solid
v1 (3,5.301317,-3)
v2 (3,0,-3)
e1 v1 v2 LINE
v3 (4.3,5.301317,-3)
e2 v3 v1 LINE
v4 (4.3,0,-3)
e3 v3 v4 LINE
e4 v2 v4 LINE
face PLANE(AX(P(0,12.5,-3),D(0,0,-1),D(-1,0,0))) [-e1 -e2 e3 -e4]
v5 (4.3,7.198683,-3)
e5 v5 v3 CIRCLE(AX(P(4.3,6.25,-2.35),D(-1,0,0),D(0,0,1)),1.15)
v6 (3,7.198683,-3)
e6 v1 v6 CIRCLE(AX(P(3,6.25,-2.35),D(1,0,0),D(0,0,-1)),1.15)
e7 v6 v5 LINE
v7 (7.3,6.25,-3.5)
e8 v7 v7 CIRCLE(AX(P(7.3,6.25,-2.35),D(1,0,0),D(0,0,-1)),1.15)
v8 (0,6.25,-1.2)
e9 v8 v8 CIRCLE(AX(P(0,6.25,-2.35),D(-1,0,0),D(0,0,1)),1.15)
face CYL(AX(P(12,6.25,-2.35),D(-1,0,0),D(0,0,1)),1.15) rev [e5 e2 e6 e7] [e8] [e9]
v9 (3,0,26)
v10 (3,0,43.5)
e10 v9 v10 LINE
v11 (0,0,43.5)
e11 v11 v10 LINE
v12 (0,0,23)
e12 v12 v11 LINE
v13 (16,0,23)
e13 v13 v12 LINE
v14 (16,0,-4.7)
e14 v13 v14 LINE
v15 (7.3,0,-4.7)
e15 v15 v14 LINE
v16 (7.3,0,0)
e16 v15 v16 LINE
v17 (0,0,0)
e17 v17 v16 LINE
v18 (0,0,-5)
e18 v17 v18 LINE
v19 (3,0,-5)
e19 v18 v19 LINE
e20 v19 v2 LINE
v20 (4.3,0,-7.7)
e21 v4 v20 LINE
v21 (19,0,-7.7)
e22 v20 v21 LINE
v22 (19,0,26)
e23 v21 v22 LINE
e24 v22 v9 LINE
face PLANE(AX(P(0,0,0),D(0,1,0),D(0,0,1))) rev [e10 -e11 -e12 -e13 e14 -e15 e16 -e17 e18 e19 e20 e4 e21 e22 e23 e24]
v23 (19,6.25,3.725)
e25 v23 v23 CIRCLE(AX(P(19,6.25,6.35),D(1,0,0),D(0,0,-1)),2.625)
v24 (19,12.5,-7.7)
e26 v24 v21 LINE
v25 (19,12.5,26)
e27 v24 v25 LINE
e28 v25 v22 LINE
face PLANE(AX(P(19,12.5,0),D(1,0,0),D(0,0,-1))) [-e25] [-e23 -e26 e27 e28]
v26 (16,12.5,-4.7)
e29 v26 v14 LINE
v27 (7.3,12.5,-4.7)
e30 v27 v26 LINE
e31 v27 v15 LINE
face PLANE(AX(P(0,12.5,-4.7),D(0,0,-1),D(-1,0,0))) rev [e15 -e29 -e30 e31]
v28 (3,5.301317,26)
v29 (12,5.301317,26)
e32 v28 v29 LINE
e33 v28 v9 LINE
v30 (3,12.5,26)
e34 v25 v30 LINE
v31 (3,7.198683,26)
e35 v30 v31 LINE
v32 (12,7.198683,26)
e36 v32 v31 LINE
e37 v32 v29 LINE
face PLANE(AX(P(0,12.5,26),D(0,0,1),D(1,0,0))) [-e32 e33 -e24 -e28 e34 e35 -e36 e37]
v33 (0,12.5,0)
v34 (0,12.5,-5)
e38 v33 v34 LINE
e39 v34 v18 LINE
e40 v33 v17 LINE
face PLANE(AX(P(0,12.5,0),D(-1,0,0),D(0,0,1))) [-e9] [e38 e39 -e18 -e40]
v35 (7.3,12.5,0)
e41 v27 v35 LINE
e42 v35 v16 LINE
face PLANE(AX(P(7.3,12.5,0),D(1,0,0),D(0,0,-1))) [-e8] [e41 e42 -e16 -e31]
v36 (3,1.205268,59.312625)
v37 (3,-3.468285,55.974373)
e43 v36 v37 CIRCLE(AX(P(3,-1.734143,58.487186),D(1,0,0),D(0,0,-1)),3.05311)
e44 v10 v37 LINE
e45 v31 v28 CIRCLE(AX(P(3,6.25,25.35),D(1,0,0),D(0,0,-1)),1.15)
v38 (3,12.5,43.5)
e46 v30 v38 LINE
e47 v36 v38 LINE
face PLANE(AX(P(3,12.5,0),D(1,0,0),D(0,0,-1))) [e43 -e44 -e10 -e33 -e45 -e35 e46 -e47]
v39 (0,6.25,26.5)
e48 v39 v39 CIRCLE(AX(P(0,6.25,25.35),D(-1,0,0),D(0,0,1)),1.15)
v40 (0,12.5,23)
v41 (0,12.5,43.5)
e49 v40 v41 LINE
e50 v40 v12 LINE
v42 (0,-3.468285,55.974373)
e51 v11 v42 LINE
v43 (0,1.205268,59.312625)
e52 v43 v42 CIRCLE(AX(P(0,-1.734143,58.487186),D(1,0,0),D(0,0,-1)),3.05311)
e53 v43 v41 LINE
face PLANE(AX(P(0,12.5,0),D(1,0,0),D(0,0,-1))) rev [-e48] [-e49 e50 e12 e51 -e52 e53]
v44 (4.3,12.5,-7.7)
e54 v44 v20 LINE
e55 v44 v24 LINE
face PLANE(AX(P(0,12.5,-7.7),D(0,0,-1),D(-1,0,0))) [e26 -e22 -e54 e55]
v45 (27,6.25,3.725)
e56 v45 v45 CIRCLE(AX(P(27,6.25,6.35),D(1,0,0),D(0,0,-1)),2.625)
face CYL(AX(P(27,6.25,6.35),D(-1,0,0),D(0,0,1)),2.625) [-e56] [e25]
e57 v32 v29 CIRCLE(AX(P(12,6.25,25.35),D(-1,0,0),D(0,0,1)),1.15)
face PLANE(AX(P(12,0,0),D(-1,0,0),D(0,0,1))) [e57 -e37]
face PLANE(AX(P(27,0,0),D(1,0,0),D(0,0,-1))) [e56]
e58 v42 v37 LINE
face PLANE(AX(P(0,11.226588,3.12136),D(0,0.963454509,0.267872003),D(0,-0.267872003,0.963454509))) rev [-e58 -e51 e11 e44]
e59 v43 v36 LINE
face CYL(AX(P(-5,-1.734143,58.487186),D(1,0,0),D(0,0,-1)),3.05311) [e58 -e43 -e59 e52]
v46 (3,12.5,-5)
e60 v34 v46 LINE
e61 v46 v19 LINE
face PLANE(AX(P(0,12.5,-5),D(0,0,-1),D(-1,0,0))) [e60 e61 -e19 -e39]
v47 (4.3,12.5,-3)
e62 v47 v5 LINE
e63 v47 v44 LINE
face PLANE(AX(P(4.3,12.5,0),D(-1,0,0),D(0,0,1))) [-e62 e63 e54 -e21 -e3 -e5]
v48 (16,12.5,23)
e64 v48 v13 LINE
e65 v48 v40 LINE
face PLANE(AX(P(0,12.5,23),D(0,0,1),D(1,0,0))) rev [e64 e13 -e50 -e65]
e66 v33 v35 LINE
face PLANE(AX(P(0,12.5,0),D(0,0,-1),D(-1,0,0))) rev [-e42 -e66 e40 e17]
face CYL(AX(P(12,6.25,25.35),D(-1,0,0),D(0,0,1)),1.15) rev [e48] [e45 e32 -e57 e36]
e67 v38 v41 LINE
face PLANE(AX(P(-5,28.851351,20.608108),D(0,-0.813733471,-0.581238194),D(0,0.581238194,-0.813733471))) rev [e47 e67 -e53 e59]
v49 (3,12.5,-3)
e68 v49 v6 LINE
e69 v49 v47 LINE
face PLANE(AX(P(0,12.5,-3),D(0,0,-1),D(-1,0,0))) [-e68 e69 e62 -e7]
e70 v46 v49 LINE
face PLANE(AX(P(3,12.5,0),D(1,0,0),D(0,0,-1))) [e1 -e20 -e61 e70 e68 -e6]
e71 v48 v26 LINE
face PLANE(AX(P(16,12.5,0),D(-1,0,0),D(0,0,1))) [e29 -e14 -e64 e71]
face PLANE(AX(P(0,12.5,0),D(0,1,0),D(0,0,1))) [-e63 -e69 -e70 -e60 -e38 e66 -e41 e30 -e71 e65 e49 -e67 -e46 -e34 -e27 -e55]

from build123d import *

# Parameters (mm, degrees)
EXTRUDE_1_DEPTH     = 12.5
SKETCH_2_R          = 1.15
CUT_EXTRUDE_1_DEPTH = 12
SKETCH_3_R          = 2.625
EXTRUDE_2_DEPTH     = 8
CUT_EXTRUDE_2_DEPTH = 8
EXTRUDE_3_DEPTH     = 3


with BuildPart() as part:
    # 草图1 → 凸台-拉伸1 (new body)
    with BuildSketch(Plane(origin=(0, 0, 0), x_dir=(1, 0, 0), z_dir=(0, 1, 0))):
        Polygon((0, 5), (0, 0), (7.3, 0), (7.3, 3), (7.3, 4.7), (16, 4.7), (16, 3), (16, 0), (16, -23), (0, -23), (0, -61), (3, -61), (3, -26), (19, -26), (19, 3), (19, 7.7), (4.3, 7.7), (4.3, 3), (3, 3), (3, 5), align=None)
    extrude(amount=EXTRUDE_1_DEPTH)

    # 草图2 → 切除-拉伸1 (cut)
    with BuildSketch(Plane.ZY):
        with Locations((-2.35, 6.25)):
            Circle(SKETCH_2_R)
        with Locations((25.35, 6.25)):
            Circle(SKETCH_2_R)
    extrude(amount=-CUT_EXTRUDE_1_DEPTH, mode=Mode.SUBTRACT)

    # 草图3 → 凸台-拉伸2 (add)
    with BuildSketch(Plane(origin=(19, 0, 0), x_dir=(0, 0, -1), z_dir=(1, 0, 0))):
        with Locations((-6.35, 6.25)):
            Circle(SKETCH_3_R)
    extrude(amount=EXTRUDE_2_DEPTH)

    # 草图4 → 切除-拉伸2 (cut)
    with BuildSketch(Plane(origin=(3, 0, 0), x_dir=(0, 0, -1), z_dir=(1, 0, 0))):
        with BuildLine():
            Line((-61, 12.5), (-61, 0))
            ThreePointArc((-61, 0), (-60.261770725, 0.750275482), (-59.312624964, 1.205267883))
            Line((-59.312624964, 1.205267883), (-43.5, 12.5))
            Line((-43.5, 12.5), (-61, 12.5))
        make_face()
    extrude(amount=-CUT_EXTRUDE_2_DEPTH, mode=Mode.SUBTRACT)

    # 草图4<4> → 凸台-拉伸3 (add)
    with BuildSketch(Plane(origin=(3, 0, 0), x_dir=(0, 0, -1), z_dir=(1, 0, 0))):
        with BuildLine():
            ThreePointArc((-61, 0), (-60.221329006, -4.246956372), (-55.974372634, -3.468285379))
            Line((-55.974372634, -3.468285379), (-43.5, 0))
            Line((-43.5, 0), (-61, 0))
        make_face()
    extrude(amount=-EXTRUDE_3_DEPTH)


solid = part.part
